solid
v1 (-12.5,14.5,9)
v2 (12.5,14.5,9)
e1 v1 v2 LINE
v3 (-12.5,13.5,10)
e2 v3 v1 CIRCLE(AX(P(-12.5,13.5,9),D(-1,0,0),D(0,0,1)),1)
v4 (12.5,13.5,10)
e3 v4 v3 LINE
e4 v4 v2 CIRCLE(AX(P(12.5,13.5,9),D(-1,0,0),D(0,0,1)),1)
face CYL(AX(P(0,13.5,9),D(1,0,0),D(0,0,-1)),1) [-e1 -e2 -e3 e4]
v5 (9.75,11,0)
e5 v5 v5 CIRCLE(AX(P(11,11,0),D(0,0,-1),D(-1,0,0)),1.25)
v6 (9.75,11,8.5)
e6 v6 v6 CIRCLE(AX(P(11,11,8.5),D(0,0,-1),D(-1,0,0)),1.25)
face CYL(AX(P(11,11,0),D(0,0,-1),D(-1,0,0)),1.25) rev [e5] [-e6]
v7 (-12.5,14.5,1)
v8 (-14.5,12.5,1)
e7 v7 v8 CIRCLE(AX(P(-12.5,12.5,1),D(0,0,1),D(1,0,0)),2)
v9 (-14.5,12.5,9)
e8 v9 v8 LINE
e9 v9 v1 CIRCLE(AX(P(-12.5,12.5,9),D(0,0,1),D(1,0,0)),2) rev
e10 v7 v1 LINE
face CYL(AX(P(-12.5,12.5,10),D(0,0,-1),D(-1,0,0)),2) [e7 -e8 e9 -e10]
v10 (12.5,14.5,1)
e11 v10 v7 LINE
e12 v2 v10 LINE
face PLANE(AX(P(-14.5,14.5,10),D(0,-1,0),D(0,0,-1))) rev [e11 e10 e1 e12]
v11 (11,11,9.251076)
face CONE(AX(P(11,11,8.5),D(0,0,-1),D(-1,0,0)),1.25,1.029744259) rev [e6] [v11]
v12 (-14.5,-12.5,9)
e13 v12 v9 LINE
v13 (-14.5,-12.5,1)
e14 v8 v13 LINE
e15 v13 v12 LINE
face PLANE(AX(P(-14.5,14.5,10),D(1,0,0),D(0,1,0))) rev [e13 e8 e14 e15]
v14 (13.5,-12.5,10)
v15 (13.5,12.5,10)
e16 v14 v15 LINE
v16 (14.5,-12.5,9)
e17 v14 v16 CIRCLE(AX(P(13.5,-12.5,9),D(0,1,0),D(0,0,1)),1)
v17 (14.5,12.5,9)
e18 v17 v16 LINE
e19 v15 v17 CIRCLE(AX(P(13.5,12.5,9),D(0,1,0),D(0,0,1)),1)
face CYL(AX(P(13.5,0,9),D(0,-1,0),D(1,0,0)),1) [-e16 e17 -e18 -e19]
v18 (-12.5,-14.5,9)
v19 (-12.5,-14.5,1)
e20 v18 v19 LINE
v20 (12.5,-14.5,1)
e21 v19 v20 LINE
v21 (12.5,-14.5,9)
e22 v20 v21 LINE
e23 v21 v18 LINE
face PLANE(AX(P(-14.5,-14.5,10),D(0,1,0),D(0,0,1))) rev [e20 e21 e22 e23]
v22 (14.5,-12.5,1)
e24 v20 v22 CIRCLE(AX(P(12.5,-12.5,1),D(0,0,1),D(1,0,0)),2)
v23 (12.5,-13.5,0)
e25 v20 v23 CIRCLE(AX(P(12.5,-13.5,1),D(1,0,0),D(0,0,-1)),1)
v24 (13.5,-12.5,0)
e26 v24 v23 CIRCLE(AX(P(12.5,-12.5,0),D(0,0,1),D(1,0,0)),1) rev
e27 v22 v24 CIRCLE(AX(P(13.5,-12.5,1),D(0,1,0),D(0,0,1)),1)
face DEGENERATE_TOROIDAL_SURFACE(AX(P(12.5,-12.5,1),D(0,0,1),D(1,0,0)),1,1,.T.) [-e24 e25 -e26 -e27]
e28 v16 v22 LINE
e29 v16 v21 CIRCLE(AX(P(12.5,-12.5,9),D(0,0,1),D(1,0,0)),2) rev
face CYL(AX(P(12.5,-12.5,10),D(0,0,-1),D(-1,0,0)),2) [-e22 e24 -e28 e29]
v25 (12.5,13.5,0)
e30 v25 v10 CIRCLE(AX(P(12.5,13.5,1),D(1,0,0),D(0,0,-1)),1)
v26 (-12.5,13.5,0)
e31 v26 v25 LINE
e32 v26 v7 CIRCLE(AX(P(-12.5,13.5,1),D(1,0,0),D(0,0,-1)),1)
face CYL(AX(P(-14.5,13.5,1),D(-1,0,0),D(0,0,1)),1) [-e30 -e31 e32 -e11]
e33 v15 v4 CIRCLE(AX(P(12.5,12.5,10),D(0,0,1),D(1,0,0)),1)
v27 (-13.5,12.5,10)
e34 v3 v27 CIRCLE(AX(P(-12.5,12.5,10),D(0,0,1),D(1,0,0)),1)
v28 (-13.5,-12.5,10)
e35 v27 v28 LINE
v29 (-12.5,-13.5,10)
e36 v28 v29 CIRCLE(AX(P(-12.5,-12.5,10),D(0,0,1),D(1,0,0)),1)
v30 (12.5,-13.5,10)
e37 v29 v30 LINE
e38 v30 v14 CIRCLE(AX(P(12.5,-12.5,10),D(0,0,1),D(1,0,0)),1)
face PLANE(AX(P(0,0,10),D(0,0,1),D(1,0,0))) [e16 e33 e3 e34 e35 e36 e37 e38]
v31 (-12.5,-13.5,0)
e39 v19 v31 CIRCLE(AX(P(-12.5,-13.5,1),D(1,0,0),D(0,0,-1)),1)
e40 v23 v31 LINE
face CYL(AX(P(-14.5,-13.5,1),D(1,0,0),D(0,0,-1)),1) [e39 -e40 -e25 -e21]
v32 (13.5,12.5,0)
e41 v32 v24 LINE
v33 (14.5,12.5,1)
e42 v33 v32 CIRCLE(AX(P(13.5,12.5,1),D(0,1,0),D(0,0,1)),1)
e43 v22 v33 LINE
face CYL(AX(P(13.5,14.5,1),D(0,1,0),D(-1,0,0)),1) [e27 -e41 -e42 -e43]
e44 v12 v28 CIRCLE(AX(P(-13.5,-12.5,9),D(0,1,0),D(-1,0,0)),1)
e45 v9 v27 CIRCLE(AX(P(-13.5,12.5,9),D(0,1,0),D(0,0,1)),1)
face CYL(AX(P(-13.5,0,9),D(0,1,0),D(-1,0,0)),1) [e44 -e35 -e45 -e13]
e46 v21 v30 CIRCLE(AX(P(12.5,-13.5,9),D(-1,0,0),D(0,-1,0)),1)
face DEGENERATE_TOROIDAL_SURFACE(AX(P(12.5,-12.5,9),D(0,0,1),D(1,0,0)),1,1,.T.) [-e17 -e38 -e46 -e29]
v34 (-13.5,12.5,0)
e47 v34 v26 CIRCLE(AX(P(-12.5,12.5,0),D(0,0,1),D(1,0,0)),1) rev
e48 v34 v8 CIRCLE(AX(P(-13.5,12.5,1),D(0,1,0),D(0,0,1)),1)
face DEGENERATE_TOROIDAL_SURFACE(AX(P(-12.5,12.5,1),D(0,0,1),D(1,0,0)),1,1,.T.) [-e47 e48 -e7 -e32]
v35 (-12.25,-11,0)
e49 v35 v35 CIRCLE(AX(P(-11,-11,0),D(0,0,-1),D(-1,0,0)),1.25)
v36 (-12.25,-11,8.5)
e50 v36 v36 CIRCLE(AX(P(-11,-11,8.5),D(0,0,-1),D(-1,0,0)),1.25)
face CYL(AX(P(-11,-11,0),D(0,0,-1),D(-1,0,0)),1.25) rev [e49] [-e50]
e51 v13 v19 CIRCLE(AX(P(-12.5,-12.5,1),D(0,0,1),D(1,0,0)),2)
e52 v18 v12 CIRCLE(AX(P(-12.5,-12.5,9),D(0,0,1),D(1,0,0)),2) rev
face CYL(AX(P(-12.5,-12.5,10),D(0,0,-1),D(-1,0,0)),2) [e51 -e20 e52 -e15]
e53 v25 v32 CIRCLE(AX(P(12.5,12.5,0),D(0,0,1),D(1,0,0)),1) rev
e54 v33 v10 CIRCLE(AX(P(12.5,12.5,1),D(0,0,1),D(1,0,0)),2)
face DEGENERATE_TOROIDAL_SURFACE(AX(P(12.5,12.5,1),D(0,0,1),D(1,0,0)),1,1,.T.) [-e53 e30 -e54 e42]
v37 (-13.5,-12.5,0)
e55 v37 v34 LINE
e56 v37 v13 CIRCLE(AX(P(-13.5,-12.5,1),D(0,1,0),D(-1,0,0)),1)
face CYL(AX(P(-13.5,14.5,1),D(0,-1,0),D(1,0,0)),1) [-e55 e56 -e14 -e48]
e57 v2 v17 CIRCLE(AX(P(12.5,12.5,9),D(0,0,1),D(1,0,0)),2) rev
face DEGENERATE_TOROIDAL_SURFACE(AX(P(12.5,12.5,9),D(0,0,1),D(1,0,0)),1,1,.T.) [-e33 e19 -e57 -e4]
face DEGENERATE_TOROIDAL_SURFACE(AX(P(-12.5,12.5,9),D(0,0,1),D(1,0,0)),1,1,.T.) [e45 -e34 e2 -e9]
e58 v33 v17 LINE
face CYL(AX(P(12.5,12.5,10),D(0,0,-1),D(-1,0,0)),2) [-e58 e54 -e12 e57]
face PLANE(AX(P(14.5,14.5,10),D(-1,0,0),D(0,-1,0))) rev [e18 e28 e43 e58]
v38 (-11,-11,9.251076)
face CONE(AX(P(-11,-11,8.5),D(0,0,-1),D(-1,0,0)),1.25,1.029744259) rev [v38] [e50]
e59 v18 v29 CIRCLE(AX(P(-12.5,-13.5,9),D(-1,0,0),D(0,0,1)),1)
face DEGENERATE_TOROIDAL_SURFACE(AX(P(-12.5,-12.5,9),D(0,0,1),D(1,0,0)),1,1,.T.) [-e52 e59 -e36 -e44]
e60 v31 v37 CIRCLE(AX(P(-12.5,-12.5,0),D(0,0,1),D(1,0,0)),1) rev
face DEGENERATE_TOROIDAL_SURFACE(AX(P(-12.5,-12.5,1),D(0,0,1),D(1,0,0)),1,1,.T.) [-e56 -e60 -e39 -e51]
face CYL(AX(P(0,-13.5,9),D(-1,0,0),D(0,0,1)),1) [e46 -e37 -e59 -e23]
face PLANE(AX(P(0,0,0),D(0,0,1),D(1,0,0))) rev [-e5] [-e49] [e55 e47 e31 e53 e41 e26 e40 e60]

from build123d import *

# Parameters (mm, degrees)
ESQUISSE1_W           = 29
ESQUISSE1_H           = 29
BOSS_EXTRU_1_DEPTH    = 10
TROU_TARAUD_M32_D     = 2.5
TROU_TARAUD_M32_DEPTH = 8.5
TROU_TARAUD_M32_TIP   = 0.751075774
CONG_2_R              = 2
CONG_1_R              = 1


with BuildPart() as part:
    # Esquisse1 → Boss.-Extru.1 (new body)
    with BuildSketch(Plane.XY):
        Rectangle(ESQUISSE1_W, ESQUISSE1_H)
    extrude(amount=BOSS_EXTRU_1_DEPTH)

    # Trou taraudé M32
    with Locations(Plane(origin=(0, 0, 0), x_dir=(-1, 0, 0), z_dir=(0, 0, -1))):
        with Locations((-11, 11), (11, -11)):
            Hole(TROU_TARAUD_M32_D / 2, depth=TROU_TARAUD_M32_DEPTH)
            with Locations((0, 0, -(TROU_TARAUD_M32_DEPTH + TROU_TARAUD_M32_TIP / 2))):  # 118° drill point
                Cone(0, TROU_TARAUD_M32_D / 2, TROU_TARAUD_M32_TIP, mode=Mode.SUBTRACT)

    # Congé 2
    cong_2_edges = [part.edges().sort_by_distance(p)[0] for p in [
        (-14.5, 14.5, 5),
        (14.5, 14.5, 5),
        (14.5, -14.5, 5),
        (-14.5, -14.5, 5),
    ]]
    fillet(cong_2_edges, radius=CONG_2_R)

    # Congé1
    cong_1_edges = [part.edges().sort_by_distance(p)[0] for p in [
        (0, -14.5, 0),
        (0, -14.5, 10),
        (-14.5, 0, 0),
        (0, 14.5, 0),
        (14.5, 0, 0),
        (-13.914213562, 13.914213562, 0),
        (13.914213562, 13.914213562, 0),
        (13.914213562, -13.914213562, 0),
        (-13.914213562, -13.914213562, 0),
        (-14.5, 0, 10),
        (14.5, 0, 10),
        (0, 14.5, 10),
        (-13.914213562, 13.914213562, 10),
        (13.914213562, 13.914213562, 10),
        (13.914213562, -13.914213562, 10),
        (-13.914213562, -13.914213562, 10),
    ]]
    fillet(cong_1_edges, radius=CONG_1_R)


solid = part.part
